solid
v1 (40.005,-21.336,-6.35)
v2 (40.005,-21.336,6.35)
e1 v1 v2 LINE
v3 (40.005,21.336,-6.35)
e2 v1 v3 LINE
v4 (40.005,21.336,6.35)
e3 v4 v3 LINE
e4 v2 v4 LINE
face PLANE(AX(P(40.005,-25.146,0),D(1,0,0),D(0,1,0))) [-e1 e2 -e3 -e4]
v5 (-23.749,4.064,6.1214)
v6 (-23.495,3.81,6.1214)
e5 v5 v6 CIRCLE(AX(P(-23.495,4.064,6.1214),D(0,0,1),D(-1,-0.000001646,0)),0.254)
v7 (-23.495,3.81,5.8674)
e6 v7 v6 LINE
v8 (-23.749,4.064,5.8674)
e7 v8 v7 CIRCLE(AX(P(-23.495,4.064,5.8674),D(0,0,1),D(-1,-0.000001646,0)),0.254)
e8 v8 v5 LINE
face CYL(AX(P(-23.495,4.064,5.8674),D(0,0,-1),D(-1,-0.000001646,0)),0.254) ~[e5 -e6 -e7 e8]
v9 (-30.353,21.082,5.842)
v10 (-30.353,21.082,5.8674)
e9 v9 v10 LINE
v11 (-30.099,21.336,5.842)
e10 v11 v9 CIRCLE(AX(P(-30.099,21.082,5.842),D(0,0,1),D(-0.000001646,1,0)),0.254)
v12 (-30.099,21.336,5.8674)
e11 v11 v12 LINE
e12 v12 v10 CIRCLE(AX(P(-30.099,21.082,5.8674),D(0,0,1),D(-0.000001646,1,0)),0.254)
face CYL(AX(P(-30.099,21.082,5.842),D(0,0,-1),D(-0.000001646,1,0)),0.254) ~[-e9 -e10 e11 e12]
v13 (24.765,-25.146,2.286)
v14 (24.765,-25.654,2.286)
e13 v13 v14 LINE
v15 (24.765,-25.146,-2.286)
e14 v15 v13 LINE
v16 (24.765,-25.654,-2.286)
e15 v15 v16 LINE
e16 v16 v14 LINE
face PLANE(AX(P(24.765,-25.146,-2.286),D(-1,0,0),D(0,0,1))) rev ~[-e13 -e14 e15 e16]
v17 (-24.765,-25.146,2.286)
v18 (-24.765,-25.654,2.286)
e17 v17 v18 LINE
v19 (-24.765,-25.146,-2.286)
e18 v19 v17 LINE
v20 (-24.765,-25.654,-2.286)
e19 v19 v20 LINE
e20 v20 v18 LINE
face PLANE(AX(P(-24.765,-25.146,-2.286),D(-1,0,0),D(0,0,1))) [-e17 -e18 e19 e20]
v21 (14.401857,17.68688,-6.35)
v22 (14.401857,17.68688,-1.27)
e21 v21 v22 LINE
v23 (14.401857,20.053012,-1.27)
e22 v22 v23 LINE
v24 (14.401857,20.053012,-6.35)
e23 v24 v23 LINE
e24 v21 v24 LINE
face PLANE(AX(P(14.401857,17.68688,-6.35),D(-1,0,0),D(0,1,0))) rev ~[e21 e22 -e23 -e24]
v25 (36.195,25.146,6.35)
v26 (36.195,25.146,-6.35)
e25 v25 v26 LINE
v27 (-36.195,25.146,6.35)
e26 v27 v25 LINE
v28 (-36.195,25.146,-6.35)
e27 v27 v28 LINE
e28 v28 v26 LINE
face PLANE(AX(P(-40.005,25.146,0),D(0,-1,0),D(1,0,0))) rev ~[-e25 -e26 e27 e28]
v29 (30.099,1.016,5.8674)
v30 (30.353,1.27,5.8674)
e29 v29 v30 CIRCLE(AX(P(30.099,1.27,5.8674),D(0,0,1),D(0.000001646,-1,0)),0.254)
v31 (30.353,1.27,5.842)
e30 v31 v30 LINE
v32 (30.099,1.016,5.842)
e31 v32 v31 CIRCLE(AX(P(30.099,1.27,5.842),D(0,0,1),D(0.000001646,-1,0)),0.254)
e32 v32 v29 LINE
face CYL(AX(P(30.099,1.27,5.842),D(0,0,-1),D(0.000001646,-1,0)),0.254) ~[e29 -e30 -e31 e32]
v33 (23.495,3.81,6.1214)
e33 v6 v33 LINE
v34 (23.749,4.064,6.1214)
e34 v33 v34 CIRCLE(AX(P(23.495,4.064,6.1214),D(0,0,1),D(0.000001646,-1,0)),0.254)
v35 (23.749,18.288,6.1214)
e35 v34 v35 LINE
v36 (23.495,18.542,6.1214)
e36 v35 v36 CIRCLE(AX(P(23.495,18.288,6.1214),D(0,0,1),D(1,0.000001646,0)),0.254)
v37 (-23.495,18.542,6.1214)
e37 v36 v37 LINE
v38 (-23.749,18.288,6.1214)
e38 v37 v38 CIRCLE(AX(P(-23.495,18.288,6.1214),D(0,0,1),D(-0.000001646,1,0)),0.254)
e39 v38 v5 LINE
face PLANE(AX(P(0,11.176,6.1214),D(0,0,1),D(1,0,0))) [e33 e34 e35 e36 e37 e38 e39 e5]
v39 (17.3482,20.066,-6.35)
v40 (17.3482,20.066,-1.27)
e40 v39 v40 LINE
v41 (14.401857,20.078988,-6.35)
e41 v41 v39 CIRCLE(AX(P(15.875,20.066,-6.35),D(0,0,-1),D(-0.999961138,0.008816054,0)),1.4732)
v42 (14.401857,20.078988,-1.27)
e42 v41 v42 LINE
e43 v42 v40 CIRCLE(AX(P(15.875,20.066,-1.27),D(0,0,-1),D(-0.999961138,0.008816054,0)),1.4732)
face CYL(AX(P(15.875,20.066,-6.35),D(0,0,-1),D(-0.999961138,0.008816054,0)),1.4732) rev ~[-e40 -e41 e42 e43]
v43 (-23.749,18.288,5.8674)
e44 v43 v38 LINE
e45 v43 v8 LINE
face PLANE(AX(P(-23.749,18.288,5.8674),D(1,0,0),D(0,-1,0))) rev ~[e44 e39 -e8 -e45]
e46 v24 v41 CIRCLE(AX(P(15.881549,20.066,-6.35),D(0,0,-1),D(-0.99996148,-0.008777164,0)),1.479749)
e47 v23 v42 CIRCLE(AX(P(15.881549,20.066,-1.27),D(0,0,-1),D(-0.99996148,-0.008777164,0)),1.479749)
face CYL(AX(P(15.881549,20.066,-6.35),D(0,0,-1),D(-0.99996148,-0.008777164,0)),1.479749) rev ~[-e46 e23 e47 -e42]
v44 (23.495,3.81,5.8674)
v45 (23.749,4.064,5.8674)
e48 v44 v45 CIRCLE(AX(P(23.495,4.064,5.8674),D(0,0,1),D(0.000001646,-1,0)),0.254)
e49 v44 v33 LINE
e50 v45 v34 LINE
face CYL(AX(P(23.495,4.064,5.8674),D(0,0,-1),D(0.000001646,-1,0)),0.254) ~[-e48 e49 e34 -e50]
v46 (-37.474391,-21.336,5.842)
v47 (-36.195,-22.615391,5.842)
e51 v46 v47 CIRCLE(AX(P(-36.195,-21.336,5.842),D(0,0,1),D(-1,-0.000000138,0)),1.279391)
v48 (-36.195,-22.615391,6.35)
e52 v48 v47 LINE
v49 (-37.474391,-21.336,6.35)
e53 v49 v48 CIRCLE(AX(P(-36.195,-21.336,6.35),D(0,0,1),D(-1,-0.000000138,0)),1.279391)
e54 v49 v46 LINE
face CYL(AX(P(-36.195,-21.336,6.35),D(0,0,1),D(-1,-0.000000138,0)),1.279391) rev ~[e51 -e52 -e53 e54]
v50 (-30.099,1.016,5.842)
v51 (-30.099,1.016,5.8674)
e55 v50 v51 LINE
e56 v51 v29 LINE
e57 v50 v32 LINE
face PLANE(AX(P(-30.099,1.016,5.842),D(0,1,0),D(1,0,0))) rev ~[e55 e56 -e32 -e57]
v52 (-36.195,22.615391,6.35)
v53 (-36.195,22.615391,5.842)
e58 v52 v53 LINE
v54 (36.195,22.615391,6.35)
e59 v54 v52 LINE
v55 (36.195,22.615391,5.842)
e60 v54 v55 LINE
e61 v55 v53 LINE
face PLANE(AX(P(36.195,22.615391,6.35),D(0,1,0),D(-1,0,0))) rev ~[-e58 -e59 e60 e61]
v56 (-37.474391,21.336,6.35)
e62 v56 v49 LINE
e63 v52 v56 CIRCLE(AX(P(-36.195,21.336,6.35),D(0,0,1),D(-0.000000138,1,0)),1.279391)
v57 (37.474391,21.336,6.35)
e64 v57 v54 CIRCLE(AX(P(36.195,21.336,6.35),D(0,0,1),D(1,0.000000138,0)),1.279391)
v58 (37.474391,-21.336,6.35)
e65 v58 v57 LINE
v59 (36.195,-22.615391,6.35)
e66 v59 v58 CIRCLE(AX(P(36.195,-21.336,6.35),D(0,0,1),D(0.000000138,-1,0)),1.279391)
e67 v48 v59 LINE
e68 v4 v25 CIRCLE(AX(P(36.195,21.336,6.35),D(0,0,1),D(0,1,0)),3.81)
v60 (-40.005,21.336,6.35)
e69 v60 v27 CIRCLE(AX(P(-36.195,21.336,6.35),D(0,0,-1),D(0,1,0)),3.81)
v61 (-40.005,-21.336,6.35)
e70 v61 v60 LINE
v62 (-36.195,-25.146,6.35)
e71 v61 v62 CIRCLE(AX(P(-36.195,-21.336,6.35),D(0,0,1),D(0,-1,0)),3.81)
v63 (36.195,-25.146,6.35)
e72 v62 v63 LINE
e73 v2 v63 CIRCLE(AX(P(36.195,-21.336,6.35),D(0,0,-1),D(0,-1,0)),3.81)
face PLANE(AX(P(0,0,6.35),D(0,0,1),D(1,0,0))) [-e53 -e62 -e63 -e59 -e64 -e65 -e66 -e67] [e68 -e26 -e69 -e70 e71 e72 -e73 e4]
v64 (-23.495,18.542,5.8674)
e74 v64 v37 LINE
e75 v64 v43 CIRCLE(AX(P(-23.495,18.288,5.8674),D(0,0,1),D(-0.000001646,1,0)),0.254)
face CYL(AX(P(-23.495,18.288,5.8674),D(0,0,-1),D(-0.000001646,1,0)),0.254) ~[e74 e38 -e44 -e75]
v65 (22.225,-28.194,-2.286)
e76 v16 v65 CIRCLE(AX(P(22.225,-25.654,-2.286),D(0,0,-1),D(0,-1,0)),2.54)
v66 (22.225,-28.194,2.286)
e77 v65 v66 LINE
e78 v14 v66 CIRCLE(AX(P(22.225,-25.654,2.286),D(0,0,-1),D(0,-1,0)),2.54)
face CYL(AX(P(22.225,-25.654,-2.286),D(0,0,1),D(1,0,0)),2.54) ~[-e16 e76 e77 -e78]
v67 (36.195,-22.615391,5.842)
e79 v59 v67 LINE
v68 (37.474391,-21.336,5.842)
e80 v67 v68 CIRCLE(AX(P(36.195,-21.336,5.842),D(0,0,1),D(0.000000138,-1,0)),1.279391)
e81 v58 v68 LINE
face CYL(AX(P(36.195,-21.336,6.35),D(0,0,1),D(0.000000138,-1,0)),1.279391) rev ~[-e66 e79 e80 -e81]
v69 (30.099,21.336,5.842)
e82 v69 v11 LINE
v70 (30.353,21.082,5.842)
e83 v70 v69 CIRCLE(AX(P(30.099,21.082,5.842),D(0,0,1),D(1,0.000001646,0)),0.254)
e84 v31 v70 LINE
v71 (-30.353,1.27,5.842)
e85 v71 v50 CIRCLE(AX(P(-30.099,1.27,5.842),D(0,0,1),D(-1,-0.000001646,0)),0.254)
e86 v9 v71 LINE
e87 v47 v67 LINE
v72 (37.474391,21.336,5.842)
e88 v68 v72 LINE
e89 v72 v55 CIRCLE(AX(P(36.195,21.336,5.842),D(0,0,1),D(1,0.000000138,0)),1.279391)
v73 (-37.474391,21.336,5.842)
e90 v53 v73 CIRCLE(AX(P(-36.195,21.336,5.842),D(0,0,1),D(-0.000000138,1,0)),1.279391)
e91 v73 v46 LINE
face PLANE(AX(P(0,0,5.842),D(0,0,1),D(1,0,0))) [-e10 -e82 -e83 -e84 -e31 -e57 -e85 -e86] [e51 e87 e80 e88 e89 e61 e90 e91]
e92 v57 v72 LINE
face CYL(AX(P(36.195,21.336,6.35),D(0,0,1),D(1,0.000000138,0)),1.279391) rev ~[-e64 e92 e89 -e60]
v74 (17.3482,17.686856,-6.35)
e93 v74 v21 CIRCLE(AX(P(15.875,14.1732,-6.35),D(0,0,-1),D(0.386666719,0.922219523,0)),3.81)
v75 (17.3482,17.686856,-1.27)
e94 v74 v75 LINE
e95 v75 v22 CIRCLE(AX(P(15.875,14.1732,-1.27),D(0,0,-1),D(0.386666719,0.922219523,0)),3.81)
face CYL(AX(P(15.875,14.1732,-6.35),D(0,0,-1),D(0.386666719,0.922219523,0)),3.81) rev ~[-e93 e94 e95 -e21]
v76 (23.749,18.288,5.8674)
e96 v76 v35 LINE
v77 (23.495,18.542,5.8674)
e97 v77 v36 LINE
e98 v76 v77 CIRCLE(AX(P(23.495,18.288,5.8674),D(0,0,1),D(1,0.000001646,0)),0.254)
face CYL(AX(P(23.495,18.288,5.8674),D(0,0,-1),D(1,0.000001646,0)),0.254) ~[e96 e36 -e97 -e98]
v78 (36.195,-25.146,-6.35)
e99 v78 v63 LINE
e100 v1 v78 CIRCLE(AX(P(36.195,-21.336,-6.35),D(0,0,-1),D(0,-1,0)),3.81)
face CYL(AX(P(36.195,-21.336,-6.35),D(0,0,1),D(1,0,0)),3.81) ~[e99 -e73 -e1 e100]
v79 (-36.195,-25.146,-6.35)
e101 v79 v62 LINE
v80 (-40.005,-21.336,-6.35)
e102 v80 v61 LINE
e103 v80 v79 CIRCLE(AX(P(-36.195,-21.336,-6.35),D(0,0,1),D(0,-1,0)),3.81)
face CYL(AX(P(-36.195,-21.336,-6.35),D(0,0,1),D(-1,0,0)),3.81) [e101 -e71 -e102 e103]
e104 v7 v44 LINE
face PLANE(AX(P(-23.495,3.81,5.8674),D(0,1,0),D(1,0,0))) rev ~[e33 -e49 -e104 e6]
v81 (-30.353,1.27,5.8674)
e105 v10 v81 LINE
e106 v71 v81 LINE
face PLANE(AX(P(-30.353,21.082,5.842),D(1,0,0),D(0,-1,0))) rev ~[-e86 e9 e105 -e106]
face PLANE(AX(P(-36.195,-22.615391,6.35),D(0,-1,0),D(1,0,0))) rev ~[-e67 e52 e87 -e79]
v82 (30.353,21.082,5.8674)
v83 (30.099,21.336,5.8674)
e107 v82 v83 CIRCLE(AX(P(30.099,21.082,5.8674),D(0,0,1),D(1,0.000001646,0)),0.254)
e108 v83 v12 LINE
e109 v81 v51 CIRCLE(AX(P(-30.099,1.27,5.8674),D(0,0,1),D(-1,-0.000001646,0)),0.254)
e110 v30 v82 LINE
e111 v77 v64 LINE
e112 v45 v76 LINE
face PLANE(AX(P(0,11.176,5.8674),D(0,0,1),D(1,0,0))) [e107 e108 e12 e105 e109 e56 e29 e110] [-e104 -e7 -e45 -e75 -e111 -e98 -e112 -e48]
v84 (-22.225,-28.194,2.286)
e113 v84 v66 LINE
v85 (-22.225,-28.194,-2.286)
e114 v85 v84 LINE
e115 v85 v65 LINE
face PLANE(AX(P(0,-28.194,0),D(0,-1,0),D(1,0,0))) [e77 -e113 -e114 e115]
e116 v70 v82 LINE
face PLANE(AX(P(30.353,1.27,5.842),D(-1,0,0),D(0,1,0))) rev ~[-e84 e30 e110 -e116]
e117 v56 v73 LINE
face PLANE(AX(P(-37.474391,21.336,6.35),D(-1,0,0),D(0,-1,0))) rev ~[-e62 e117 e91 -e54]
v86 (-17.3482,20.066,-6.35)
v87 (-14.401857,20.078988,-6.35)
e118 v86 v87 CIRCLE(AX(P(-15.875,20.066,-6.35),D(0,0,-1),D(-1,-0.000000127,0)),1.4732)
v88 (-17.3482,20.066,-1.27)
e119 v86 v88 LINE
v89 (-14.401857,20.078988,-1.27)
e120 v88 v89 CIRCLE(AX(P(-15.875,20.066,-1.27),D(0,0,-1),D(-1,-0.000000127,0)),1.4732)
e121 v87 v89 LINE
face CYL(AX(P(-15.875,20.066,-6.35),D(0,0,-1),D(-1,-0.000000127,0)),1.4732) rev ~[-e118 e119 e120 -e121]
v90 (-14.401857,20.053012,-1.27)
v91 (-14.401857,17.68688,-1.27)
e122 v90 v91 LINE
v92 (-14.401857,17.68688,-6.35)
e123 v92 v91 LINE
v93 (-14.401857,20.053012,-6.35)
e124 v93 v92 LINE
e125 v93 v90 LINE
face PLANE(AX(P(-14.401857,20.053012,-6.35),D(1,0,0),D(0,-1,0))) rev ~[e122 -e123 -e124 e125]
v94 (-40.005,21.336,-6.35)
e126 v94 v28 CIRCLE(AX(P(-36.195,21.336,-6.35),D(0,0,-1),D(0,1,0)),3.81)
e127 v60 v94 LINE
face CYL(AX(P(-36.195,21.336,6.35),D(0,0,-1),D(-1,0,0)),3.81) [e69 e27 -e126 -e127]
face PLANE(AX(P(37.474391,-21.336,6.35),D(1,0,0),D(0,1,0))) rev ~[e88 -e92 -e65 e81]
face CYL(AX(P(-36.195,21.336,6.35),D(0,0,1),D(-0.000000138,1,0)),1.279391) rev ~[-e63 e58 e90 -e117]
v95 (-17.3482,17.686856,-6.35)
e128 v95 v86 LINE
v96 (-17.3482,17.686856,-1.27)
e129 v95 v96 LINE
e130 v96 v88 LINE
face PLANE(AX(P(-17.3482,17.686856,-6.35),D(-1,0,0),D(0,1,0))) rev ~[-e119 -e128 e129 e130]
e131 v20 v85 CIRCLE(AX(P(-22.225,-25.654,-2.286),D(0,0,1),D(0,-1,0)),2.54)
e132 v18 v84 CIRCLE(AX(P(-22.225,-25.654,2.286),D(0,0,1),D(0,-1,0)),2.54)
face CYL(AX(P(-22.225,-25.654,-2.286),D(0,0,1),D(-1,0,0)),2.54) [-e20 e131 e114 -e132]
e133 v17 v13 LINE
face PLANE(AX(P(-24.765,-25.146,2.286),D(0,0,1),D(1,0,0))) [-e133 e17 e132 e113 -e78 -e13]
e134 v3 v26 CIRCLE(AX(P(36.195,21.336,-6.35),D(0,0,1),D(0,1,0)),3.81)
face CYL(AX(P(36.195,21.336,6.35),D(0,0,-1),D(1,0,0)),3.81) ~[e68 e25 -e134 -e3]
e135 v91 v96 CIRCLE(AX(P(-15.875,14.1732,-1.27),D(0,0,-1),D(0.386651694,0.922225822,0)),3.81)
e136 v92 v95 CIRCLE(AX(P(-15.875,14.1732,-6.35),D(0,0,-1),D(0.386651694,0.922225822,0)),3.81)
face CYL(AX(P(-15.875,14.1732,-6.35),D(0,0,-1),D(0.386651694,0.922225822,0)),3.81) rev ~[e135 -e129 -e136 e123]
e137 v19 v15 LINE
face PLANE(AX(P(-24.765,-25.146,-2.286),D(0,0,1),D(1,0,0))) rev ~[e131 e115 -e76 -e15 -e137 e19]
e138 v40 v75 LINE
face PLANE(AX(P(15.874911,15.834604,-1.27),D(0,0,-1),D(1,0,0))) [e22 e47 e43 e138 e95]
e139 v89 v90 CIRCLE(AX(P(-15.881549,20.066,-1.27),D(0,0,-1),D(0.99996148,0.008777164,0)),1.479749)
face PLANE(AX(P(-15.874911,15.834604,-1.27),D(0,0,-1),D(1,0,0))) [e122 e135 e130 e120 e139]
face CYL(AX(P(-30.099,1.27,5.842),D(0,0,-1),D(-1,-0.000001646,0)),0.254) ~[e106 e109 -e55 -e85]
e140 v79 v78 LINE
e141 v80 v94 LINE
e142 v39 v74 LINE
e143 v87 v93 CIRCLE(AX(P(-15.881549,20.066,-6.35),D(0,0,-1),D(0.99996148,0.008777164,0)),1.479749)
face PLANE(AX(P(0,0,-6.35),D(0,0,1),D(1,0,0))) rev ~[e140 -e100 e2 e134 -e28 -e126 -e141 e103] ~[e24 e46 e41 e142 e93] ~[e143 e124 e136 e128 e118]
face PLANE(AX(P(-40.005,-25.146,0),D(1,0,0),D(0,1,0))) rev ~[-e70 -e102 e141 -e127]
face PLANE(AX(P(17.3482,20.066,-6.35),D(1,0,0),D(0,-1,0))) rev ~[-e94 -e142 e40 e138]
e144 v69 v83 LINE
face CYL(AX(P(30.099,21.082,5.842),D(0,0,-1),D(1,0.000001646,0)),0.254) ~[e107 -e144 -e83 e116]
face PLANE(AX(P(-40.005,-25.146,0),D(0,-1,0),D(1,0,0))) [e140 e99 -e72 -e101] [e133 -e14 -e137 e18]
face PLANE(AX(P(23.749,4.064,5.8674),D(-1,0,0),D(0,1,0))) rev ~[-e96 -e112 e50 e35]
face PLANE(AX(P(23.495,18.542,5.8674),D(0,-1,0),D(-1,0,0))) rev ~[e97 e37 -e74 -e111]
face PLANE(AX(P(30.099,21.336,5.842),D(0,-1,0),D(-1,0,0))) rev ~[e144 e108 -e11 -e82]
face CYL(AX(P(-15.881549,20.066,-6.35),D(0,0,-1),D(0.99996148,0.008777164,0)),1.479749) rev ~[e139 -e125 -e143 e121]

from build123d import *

# Parameters (mm, degrees)
F0_W      = 80.01
F0_H      = 50.292
F1_DEPTH  = 6.35
F2_R      = 3.81
F4_DEPTH  = 0.508
F5_W      = 49.53
F5_H      = 4.572
F6_DEPTH  = 3.048
F7_R      = 2.54
F9_DEPTH  = 0.0254
F11_DEPTH = 0.254
F13_DEPTH = 5.08


with BuildPart() as f1:
    # F0 (on Top) → F1 (new body, symmetric)
    with BuildSketch(Plane.XY):
        Rectangle(F0_W, F0_H)
    extrude(amount=F1_DEPTH, both=True)

    # F2
    f2_edges = [f1.edges().sort_by_distance(p)[0] for p in [
        (-40.005, -25.146, 0),
        (40.005, -25.146, 0),
        (40.005, 25.146, 0),
        (-40.005, 25.146, 0),
    ]]
    fillet(f2_edges, radius=F2_R)

    # F3 (on face) → F4 (cut)
    with BuildSketch(Plane.XY.offset(6.35)):
        with BuildLine():
            ThreePointArc((37.474391, 21.336), (37.099666, 22.240666), (36.195, 22.615391))
            Line((36.195, 22.615391), (-36.195, 22.615391))
            ThreePointArc((-36.195, 22.615391), (-37.099666, 22.240666), (-37.474391, 21.336))
            Line((-37.474391, 21.336), (-37.474391, -21.336))
            ThreePointArc((-37.474391, -21.336), (-37.099666, -22.240666), (-36.195, -22.615391))
            Line((-36.195, -22.615391), (36.195, -22.615391))
            ThreePointArc((36.195, -22.615391), (37.099666, -22.240666), (37.474391, -21.336))
            Line((37.474391, -21.336), (37.474391, 21.336))
        make_face()
    extrude(amount=-F4_DEPTH, mode=Mode.SUBTRACT)

    # F5 (on face) → F6 (join)
    with BuildSketch(Plane.XZ.offset(25.146)):
        Rectangle(F5_W, F5_H)
    extrude(amount=F6_DEPTH)

    # F7
    f7_edges = [f1.edges().sort_by_distance(p)[0] for p in [
        (24.765, -28.194, 0),
        (-24.765, -28.194, 0),
    ]]
    fillet(f7_edges, radius=F7_R)

    # F8 (on face) → F9 (join)
    with BuildSketch(Plane.XY.offset(5.842)):
        with BuildLine():
            Line((30.099, 21.336), (-30.099, 21.336))
            ThreePointArc((-30.099, 21.336), (-30.278605, 21.261605), (-30.353, 21.082))
            Line((-30.353, 21.082), (-30.353, 1.27))
            ThreePointArc((-30.353, 1.27), (-30.278605, 1.090395), (-30.099, 1.016))
            Line((-30.099, 1.016), (30.099, 1.016))
            ThreePointArc((30.099, 1.016), (30.278605, 1.090395), (30.353, 1.27))
            Line((30.353, 1.27), (30.353, 21.082))
            ThreePointArc((30.353, 21.082), (30.278605, 21.261605), (30.099, 21.336))
        make_face()
    extrude(amount=F9_DEPTH)

    # F10 (on face) → F11 (join)
    with BuildSketch(Plane.XY.offset(5.8674)):
        with BuildLine():
            Line((23.495, 18.542), (-23.495, 18.542))
            ThreePointArc((-23.495, 18.542), (-23.674605, 18.467605), (-23.749, 18.288))
            Line((-23.749, 18.288), (-23.749, 4.064))
            ThreePointArc((-23.749, 4.064), (-23.674605, 3.884395), (-23.495, 3.81))
            Line((-23.495, 3.81), (23.495, 3.81))
            ThreePointArc((23.495, 3.81), (23.674605, 3.884395), (23.749, 4.064))
            Line((23.749, 4.064), (23.749, 18.288))
            ThreePointArc((23.749, 18.288), (23.674605, 18.467605), (23.495, 18.542))
        make_face()
    extrude(amount=F11_DEPTH)

    # F12 (on face) → F13 (cut)
    with BuildSketch(Plane(origin=(0, 0, -6.35), x_dir=(1, 0, 0), z_dir=(0, 0, -1))):
        with BuildLine():
            Line((14.401857, -17.68688), (14.401857, -20.053012))
            ThreePointArc((14.401857, -20.053012), (14.4018, -20.066), (14.401857, -20.078988))
            ThreePointArc((14.401857, -20.078988), (15.881494, -21.539186), (17.3482, -20.066))
            Line((17.3482, -20.066), (17.3482, -17.686856))
            ThreePointArc((17.3482, -17.686856), (15.874969, -10.3632), (14.401857, -17.68688))
        make_face()
        with BuildLine():
            ThreePointArc((-14.401857, -17.68688), (-15.874969, -10.3632), (-17.3482, -17.686856))
            Line((-17.3482, -17.686856), (-17.3482, -20.066))
            ThreePointArc((-17.3482, -20.066), (-15.881494, -21.539186), (-14.401857, -20.078988))
            ThreePointArc((-14.401857, -20.078988), (-14.4018, -20.066), (-14.401857, -20.053012))
            Line((-14.401857, -20.053012), (-14.401857, -17.68688))
        make_face()
    extrude(amount=-F13_DEPTH, mode=Mode.SUBTRACT)


solid = f1.part
